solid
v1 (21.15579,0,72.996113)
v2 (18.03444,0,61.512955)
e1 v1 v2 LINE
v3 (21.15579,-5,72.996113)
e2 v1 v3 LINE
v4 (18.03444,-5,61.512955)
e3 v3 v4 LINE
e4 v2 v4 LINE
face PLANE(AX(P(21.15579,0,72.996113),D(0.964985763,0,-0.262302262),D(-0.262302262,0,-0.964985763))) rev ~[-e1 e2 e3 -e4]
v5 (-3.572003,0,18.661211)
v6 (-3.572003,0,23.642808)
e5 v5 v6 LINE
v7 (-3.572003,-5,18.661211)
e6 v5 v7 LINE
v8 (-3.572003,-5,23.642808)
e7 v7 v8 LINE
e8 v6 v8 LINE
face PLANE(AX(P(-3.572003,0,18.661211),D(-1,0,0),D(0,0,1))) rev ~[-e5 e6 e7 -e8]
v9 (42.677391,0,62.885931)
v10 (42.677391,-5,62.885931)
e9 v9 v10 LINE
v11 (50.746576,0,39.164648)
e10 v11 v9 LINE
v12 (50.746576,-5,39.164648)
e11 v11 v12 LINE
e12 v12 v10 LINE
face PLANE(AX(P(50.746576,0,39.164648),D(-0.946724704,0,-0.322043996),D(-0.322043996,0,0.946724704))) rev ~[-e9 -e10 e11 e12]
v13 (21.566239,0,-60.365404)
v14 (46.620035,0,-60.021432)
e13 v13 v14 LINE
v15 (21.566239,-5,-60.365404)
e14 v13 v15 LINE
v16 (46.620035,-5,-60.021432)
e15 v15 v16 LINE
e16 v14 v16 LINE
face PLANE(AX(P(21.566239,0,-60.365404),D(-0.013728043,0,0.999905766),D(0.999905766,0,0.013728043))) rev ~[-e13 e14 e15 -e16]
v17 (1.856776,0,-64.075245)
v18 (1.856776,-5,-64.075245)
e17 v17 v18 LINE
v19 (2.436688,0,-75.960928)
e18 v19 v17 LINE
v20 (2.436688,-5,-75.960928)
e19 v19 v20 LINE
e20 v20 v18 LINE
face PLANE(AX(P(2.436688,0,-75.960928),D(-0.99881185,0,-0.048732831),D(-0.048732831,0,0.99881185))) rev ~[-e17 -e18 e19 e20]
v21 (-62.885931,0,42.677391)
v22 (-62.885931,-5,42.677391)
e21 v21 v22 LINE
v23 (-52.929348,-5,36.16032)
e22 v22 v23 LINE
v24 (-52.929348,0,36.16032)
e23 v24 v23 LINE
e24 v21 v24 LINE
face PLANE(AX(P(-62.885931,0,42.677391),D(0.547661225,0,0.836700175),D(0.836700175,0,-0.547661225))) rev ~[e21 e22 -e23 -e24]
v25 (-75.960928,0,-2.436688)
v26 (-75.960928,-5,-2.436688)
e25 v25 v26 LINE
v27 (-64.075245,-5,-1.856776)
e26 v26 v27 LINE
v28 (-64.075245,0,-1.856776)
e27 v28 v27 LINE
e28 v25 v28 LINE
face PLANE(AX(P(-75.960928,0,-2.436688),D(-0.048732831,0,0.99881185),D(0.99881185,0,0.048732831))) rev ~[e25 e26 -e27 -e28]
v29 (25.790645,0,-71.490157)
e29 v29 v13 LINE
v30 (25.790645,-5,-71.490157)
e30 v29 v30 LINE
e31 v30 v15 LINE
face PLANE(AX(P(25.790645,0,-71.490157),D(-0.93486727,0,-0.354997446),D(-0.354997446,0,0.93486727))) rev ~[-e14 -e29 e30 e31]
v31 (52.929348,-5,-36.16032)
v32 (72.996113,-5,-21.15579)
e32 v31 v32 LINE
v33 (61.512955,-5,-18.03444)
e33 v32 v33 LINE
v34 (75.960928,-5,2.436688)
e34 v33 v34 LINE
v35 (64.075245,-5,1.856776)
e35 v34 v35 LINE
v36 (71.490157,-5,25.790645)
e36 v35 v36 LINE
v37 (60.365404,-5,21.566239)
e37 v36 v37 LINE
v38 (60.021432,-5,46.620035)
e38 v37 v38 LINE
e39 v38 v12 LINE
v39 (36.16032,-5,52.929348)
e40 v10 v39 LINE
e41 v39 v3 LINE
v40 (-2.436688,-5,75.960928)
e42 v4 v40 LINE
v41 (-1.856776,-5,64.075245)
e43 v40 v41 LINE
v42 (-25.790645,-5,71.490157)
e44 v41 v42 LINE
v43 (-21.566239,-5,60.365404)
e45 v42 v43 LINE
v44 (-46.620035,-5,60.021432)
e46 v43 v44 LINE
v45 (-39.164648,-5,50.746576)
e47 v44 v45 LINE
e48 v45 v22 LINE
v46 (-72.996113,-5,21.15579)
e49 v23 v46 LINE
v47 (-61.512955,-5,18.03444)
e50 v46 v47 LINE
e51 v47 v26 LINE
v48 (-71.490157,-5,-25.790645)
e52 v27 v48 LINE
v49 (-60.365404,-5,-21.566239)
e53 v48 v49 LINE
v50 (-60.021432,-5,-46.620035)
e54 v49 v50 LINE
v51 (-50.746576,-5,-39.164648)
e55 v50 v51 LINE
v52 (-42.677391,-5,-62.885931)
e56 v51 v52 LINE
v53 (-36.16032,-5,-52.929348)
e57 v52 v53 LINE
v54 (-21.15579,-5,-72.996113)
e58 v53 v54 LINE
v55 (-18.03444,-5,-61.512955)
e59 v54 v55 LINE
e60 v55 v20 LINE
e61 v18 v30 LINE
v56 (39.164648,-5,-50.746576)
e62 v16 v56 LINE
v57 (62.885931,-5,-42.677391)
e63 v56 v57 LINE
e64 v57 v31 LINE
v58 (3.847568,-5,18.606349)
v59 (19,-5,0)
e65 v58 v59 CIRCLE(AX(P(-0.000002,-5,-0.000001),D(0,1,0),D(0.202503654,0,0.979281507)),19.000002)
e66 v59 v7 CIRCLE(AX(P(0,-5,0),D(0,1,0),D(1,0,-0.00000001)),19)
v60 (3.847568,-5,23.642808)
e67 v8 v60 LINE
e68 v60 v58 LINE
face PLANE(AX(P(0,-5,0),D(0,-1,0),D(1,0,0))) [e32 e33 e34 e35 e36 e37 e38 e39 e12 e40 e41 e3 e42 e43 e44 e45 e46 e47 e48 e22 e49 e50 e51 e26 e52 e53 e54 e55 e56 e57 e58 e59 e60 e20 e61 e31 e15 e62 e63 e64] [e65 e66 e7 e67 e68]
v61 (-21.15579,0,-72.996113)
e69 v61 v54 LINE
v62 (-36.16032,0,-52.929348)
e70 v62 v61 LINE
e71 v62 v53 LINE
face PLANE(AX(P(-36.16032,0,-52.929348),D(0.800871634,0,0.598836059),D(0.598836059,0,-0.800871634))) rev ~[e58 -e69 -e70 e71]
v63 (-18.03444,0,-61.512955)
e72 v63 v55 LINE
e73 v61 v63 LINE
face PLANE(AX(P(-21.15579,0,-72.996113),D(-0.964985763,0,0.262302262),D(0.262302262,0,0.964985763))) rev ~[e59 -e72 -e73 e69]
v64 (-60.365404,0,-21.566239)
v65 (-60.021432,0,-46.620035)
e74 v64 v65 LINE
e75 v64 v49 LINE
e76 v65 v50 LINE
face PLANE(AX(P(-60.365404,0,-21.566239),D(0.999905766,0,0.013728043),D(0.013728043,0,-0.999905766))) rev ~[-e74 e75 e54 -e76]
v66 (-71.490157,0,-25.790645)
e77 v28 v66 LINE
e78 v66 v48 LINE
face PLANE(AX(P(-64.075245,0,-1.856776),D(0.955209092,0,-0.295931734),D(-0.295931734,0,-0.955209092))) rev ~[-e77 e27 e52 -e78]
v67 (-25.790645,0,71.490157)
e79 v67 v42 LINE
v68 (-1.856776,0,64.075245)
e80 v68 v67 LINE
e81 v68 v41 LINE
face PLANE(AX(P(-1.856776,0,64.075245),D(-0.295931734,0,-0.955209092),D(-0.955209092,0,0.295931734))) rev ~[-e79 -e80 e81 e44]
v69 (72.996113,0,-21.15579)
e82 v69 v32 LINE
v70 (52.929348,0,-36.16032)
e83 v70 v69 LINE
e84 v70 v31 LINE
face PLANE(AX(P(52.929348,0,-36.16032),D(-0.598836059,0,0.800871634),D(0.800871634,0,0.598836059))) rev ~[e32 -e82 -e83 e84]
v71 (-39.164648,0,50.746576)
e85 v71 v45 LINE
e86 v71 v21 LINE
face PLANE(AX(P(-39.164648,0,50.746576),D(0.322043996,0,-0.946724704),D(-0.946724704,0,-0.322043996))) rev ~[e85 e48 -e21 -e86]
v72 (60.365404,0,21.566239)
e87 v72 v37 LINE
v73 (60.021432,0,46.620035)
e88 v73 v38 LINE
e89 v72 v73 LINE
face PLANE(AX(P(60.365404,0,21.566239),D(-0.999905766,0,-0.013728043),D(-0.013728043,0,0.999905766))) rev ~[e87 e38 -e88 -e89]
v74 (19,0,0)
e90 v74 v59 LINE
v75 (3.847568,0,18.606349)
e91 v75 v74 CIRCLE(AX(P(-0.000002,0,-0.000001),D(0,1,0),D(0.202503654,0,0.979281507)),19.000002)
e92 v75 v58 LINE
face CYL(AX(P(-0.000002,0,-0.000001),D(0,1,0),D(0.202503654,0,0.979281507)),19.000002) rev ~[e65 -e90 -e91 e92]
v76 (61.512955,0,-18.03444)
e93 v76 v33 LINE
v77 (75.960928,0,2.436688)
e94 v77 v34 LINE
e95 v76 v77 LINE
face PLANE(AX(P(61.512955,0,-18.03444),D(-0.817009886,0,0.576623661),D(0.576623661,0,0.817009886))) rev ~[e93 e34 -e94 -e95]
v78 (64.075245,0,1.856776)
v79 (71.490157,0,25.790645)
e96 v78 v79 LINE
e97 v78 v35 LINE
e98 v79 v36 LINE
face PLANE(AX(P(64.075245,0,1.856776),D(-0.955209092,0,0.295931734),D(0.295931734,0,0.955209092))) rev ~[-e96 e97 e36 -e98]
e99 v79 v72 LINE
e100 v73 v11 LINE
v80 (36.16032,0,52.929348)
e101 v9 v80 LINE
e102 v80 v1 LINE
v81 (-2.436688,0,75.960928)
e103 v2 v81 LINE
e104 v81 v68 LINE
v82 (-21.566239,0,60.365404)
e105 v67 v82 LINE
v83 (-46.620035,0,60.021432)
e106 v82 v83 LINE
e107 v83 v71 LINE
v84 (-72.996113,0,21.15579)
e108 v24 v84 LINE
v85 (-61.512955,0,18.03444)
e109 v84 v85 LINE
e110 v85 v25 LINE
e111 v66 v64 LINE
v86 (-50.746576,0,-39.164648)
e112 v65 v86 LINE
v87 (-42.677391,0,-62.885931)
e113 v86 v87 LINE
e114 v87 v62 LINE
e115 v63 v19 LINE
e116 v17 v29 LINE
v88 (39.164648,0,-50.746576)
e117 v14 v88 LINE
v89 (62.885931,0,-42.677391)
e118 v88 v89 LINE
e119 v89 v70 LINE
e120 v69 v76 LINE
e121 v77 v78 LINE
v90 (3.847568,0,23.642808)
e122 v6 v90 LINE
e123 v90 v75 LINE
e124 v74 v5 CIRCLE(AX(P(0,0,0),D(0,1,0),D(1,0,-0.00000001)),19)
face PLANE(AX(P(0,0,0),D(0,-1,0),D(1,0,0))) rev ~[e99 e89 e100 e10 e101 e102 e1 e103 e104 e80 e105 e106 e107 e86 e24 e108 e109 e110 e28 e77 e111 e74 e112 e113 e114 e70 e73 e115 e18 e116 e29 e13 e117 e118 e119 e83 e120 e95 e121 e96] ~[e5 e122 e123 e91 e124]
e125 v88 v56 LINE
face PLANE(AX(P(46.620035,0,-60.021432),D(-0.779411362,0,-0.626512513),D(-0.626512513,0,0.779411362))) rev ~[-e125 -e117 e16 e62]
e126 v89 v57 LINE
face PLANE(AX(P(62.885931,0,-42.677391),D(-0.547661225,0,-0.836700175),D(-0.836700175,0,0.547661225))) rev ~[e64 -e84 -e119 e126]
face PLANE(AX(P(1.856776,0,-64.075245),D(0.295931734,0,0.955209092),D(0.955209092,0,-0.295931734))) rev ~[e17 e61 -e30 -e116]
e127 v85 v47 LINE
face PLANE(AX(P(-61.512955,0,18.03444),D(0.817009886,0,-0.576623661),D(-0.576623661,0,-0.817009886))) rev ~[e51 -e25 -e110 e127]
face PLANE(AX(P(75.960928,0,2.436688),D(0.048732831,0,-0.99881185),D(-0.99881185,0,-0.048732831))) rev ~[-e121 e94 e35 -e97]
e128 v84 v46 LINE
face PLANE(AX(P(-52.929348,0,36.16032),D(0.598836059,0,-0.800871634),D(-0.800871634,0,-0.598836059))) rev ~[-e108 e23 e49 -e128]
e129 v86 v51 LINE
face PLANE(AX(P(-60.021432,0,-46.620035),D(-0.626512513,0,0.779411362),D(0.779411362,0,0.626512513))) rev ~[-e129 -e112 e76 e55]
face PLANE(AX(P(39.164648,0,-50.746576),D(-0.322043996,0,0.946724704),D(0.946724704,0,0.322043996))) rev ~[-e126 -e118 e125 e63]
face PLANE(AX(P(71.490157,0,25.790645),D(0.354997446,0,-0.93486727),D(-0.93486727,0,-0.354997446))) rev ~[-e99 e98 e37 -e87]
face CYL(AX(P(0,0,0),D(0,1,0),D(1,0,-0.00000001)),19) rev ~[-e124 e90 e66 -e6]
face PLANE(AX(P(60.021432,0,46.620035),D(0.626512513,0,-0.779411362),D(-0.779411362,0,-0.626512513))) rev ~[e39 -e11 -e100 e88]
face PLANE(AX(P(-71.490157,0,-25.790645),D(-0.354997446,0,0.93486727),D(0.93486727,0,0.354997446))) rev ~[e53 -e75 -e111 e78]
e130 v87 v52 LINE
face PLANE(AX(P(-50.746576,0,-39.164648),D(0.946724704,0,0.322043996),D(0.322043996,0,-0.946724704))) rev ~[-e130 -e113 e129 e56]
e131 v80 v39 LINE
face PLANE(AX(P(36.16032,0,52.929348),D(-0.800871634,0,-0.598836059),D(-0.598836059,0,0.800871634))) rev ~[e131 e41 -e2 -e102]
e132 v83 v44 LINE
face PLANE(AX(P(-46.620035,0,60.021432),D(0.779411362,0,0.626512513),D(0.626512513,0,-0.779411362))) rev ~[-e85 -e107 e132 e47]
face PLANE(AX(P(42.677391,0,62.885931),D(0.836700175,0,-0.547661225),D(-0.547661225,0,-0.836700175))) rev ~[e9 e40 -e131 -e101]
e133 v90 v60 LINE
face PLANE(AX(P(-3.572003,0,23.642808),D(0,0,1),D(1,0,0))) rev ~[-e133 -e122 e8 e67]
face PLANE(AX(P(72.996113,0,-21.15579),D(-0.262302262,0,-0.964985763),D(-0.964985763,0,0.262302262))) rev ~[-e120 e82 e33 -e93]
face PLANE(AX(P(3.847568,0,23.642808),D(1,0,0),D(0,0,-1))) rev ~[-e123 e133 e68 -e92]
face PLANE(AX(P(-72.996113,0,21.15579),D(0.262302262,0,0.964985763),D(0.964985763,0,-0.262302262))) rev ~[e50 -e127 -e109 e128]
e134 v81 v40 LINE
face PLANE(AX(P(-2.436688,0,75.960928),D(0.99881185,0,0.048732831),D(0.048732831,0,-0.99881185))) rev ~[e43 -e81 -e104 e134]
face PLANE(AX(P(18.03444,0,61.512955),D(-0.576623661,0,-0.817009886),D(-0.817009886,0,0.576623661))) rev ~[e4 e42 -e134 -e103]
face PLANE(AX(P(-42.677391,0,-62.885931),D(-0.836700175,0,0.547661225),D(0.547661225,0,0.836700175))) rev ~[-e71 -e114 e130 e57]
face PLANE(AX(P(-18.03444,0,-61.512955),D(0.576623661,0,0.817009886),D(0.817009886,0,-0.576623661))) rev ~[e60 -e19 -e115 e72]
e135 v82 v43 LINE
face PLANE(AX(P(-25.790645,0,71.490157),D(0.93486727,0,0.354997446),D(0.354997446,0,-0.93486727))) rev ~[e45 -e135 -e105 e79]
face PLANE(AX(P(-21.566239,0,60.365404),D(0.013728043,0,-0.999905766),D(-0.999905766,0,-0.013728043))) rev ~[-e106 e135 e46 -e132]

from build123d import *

# Parameters (mm, degrees)
F1_DEPTH = 5


with BuildPart() as f1:
    # F0 (on Front) → F1 (new body)
    with BuildSketch(Plane.XZ):
        Polygon((61.512955, -18.03444), (75.960928, 2.436688), (64.075245, 1.856776), (71.490157, 25.790645), (60.365404, 21.566239), (60.021432, 46.620035), (50.746576, 39.164648), (42.677391, 62.885931), (36.16032, 52.929348), (21.15579, 72.996113), (18.03444, 61.512955), (-2.436688, 75.960928), (-1.856776, 64.075245), (-25.790645, 71.490157), (-21.566239, 60.365404), (-46.620035, 60.021432), (-39.164648, 50.746576), (-62.885931, 42.677391), (-52.929348, 36.16032), (-72.996113, 21.15579), (-61.512955, 18.03444), (-75.960928, -2.436688), (-64.075245, -1.856776), (-71.490157, -25.790645), (-60.365404, -21.566239), (-60.021432, -46.620035), (-50.746576, -39.164648), (-42.677391, -62.885931), (-36.16032, -52.929348), (-21.15579, -72.996113), (-18.03444, -61.512955), (2.436688, -75.960928), (1.856776, -64.075245), (25.790645, -71.490157), (21.566239, -60.365404), (46.620035, -60.021432), (39.164648, -50.746576), (62.885931, -42.677391), (52.929348, -36.16032), (72.996113, -21.15579), align=None)
        with BuildLine():
            ThreePointArc((3.847568, 18.606349), (14.732681, 11.997837), (19, 0))
            ThreePointArc((19, 0), (-12.106443, -14.643566), (-3.572003, 18.661211))
            Line((-3.572003, 18.661211), (-3.572003, 23.642808))
            Line((-3.572003, 23.642808), (3.847568, 23.642808))
            Line((3.847568, 23.642808), (3.847568, 18.606349))
        make_face(mode=Mode.SUBTRACT)
    extrude(amount=F1_DEPTH)


solid = f1.part
